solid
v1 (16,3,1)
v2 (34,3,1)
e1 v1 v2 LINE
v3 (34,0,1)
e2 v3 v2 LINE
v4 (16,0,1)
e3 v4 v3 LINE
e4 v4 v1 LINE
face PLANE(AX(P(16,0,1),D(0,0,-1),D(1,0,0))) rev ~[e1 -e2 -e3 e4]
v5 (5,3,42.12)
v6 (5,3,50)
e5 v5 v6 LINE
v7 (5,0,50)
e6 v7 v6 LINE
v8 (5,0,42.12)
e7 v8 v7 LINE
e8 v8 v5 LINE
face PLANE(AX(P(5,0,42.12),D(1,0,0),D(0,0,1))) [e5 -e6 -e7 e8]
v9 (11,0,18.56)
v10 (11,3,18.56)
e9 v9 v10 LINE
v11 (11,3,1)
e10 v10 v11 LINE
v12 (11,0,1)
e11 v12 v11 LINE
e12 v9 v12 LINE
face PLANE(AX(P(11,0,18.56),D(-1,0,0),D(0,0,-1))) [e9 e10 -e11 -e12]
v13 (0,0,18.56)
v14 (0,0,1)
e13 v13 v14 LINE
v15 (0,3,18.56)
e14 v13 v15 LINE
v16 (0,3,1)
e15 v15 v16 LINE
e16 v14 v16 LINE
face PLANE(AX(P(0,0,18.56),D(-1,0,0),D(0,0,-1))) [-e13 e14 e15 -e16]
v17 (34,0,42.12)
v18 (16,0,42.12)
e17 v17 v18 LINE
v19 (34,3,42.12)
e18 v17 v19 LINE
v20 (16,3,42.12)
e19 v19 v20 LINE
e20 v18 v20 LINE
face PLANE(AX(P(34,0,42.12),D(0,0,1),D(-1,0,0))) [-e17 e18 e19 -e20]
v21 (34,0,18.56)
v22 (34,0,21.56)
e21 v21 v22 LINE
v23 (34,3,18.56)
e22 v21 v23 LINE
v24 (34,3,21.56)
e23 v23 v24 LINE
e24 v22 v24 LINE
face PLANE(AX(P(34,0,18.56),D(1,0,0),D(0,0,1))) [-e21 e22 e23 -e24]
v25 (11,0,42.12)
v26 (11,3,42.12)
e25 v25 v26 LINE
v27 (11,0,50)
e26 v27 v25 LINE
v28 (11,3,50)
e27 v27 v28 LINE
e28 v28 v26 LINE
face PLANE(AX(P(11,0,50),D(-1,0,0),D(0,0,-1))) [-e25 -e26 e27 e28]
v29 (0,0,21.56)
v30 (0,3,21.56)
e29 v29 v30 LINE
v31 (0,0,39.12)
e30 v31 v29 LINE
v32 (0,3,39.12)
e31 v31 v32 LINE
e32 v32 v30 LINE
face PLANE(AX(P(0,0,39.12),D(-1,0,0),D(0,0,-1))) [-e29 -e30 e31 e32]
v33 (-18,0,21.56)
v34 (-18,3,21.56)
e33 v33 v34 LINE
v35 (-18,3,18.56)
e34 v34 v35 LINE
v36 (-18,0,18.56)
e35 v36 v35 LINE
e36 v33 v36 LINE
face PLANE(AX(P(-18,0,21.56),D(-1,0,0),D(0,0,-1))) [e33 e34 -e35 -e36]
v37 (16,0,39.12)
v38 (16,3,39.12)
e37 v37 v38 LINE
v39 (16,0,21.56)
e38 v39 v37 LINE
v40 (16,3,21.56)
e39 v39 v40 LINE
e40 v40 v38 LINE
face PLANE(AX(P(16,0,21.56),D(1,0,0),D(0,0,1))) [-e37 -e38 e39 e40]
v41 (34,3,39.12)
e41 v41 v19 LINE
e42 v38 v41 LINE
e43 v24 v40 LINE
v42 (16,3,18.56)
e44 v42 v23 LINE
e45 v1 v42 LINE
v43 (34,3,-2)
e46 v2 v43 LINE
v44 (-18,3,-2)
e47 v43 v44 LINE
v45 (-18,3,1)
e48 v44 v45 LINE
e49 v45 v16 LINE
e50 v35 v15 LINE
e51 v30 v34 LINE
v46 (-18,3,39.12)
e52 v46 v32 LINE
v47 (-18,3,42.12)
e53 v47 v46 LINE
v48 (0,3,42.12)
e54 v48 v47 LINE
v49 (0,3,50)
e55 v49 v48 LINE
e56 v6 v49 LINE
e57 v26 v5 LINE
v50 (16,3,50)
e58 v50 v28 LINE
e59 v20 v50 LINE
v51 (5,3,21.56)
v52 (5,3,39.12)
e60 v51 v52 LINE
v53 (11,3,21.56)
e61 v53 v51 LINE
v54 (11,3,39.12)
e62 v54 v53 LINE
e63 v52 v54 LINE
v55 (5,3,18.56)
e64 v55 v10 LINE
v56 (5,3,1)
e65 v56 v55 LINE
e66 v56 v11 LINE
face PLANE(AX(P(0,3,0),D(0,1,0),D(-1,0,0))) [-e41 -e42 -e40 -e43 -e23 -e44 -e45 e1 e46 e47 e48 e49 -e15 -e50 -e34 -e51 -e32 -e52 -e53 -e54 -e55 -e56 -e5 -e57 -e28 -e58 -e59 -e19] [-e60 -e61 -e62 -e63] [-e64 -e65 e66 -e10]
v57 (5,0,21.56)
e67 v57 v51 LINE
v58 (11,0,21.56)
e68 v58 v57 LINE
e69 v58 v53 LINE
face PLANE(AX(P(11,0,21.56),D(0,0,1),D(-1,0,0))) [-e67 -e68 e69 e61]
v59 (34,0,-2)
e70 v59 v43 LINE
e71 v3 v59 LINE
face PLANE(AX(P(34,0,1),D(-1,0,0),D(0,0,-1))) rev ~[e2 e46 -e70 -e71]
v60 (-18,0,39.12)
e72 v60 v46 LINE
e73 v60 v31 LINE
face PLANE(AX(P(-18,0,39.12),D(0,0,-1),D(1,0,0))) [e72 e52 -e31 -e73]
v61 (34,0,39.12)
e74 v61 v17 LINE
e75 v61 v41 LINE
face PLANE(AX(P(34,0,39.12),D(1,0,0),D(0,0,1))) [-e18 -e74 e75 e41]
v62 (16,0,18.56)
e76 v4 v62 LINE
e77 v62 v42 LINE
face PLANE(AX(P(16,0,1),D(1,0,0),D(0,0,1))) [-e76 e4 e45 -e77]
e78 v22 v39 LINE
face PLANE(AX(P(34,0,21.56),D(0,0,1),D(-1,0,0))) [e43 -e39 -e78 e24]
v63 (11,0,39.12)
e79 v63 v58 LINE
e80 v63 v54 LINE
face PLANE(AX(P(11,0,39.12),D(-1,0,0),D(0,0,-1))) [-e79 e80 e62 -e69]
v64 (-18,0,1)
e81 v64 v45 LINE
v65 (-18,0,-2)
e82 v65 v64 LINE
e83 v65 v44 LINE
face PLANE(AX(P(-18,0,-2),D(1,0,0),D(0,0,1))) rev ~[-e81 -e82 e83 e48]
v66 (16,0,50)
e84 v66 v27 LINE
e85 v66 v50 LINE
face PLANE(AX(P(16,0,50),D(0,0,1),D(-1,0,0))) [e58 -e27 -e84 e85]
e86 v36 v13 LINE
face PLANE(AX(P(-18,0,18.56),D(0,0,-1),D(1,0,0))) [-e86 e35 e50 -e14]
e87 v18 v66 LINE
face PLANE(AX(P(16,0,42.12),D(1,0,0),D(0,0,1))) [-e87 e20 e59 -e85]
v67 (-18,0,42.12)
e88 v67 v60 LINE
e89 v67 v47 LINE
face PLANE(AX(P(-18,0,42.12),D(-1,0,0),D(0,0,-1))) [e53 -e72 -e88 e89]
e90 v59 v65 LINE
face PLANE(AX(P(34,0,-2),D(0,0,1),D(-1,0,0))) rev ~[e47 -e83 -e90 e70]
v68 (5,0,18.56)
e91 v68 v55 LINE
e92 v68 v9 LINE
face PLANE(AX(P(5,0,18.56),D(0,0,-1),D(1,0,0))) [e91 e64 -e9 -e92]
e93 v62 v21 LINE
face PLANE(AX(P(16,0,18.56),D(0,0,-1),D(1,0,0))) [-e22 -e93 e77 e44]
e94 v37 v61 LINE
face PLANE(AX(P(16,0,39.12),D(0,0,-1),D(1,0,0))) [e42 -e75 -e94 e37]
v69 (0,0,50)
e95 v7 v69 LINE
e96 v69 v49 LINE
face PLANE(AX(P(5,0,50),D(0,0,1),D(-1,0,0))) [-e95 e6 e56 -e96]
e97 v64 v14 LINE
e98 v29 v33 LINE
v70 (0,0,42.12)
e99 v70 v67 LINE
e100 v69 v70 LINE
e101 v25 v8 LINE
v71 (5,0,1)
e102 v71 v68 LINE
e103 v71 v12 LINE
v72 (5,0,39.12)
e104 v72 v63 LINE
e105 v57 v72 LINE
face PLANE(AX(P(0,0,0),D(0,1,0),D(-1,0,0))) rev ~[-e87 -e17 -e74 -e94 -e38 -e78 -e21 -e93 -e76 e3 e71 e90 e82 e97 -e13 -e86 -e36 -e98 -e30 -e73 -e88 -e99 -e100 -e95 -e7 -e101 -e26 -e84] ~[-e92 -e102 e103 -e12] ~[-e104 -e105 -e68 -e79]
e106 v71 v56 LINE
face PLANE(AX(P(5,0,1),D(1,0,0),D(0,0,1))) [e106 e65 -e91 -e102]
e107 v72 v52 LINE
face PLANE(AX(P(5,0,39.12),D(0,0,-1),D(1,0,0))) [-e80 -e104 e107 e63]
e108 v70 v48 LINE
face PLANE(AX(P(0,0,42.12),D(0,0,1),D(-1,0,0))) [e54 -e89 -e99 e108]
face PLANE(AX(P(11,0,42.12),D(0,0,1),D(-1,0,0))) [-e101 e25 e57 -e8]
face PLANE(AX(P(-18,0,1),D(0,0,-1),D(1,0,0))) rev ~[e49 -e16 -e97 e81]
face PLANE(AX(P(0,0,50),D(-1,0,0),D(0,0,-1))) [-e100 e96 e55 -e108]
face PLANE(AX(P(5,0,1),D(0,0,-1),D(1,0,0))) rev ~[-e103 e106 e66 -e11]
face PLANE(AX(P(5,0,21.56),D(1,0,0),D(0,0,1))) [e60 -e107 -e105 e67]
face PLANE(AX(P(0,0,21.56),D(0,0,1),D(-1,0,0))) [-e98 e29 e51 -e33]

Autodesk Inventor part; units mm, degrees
ref_plane "YZ Plane" through (0, 0, 0) normal (1, 0, 0) x (0, 1, 0)
ref_plane "XZ Plane" through (0, 0, 0) normal (0, 1, 0) x (-1, 0, 0)
ref_plane "XY Plane" through (0, 0, 0) normal (0, 0, 1) x (1, 0, 0)
sketch "Sketch1" plane through (0, 0, 0) normal (0, 1, 0) x (-1, 0, 0)
  line L0 (0, 0) -> (-5, 0)
  line L1 (-5, 0) -> (-5, 50)
  line L2 (-5, 50) -> (0, 50)
  line L3 (0, 50) -> (0, 0)
  line L4 (-16, 50) -> (-11, 50)
  line L5 (-11, 50) -> (-11, 0)
  line L6 (-11, 0) -> (-16, 0)
  line L7 (-16, 0) -> (-16, 50)
  line L8 (18, 1) -> (-34, 1)
  line L9 (-34, 1) -> (-34, -2)
  line L10 (-34, -2) -> (18, -2)
  line L11 (18, -2) -> (18, 1)
  line L12 (-5, 0) -> (-11, 0)
  line L13 (18, 18.56) -> (-34, 18.56)
  line L14 (-34, 18.56) -> (-34, 21.56)
  line L15 (-34, 21.56) -> (18, 21.56)
  line L16 (18, 21.56) -> (18, 18.56)
  line L17 (18, 39.12) -> (-34, 39.12)
  line L18 (-34, 39.12) -> (-34, 42.12)
  line L19 (-34, 42.12) -> (18, 42.12)
  line L20 (18, 42.12) -> (18, 39.12)
  point P0 (-8, 0)
  point P1 (-8, -2)
  point P2 (0, 18.56)
  point P3 (0, 21.56)
  point P4 (0, 39.12)
  point P5 (0, 42.12)
  point P6 (-5, 42.12)
  point P7 (-11, 42.12)
  point P8 (-16, 42.12)
  point P9 (-16, 39.12)
  point P10 (-16, 21.56)
  point P11 (-16, 18.56)
  point P12 (-16, 1)
  point P13 (0, 1)
  point P14 (-11, 21.56)
  point P15 (-11, 39.12)
  point P16 (-5, 39.12)
  point P17 (-5, 21.56)
  point P18 (-5, 18.56)
  point P19 (-5, 1)
  point P20 (-11, 1)
  point P21 (-11, 18.56)
  point P22 (-8, 18.56)
  dimension "d0" = 5
  dimension "d1" = 50
  dimension "d3" = 5
  dimension "d4" = 50
  dimension "d5" = 52
  dimension "d6" = 3
  dimension "d7" = 1
  dimension "d8" = 0
  dimension "d9" = 52
  dimension "d10" = 3
  dimension "d11" = 52
  dimension "d12" = 3
  dimension "d16" = 20.56
  dimension "d17" = 20.56
  dimension "d20" = 16
  dimension "d21" = 0
extrude "Extrusion1" add sketch "Sketch1" along normal blind 3 contours L3 L8 L11 L10 L9 L7 L6 L12 L0 | L0 L1 L8 L3 | L12 L5 L8 L1 | L8 L1 L13 L3 | L6 L7 L8 L5 | L13 L1 L15 L3 | L3 L15 L16 L13 | L13 L5 L15 L1 | L8 L7 L13 L5 | L15 L1 L17 L3 | L13 L7 L15 L5 | L17 L1 L19 L3 | L3 L19 L20 L17 | L17 L5 L19 L1 | L15 L7 L17 L5 | L13 L14 L15 L7 | L19 L1 L2 L3 | L17 L7 L19 L5 | L19 L7 L4 L5 | L17 L18 L19 L7
equation "\"d3\" = d0"
equation "\"d4\" = d1"
properties part number "module-switch_port-catch" material "PC/ABS Plastic"
